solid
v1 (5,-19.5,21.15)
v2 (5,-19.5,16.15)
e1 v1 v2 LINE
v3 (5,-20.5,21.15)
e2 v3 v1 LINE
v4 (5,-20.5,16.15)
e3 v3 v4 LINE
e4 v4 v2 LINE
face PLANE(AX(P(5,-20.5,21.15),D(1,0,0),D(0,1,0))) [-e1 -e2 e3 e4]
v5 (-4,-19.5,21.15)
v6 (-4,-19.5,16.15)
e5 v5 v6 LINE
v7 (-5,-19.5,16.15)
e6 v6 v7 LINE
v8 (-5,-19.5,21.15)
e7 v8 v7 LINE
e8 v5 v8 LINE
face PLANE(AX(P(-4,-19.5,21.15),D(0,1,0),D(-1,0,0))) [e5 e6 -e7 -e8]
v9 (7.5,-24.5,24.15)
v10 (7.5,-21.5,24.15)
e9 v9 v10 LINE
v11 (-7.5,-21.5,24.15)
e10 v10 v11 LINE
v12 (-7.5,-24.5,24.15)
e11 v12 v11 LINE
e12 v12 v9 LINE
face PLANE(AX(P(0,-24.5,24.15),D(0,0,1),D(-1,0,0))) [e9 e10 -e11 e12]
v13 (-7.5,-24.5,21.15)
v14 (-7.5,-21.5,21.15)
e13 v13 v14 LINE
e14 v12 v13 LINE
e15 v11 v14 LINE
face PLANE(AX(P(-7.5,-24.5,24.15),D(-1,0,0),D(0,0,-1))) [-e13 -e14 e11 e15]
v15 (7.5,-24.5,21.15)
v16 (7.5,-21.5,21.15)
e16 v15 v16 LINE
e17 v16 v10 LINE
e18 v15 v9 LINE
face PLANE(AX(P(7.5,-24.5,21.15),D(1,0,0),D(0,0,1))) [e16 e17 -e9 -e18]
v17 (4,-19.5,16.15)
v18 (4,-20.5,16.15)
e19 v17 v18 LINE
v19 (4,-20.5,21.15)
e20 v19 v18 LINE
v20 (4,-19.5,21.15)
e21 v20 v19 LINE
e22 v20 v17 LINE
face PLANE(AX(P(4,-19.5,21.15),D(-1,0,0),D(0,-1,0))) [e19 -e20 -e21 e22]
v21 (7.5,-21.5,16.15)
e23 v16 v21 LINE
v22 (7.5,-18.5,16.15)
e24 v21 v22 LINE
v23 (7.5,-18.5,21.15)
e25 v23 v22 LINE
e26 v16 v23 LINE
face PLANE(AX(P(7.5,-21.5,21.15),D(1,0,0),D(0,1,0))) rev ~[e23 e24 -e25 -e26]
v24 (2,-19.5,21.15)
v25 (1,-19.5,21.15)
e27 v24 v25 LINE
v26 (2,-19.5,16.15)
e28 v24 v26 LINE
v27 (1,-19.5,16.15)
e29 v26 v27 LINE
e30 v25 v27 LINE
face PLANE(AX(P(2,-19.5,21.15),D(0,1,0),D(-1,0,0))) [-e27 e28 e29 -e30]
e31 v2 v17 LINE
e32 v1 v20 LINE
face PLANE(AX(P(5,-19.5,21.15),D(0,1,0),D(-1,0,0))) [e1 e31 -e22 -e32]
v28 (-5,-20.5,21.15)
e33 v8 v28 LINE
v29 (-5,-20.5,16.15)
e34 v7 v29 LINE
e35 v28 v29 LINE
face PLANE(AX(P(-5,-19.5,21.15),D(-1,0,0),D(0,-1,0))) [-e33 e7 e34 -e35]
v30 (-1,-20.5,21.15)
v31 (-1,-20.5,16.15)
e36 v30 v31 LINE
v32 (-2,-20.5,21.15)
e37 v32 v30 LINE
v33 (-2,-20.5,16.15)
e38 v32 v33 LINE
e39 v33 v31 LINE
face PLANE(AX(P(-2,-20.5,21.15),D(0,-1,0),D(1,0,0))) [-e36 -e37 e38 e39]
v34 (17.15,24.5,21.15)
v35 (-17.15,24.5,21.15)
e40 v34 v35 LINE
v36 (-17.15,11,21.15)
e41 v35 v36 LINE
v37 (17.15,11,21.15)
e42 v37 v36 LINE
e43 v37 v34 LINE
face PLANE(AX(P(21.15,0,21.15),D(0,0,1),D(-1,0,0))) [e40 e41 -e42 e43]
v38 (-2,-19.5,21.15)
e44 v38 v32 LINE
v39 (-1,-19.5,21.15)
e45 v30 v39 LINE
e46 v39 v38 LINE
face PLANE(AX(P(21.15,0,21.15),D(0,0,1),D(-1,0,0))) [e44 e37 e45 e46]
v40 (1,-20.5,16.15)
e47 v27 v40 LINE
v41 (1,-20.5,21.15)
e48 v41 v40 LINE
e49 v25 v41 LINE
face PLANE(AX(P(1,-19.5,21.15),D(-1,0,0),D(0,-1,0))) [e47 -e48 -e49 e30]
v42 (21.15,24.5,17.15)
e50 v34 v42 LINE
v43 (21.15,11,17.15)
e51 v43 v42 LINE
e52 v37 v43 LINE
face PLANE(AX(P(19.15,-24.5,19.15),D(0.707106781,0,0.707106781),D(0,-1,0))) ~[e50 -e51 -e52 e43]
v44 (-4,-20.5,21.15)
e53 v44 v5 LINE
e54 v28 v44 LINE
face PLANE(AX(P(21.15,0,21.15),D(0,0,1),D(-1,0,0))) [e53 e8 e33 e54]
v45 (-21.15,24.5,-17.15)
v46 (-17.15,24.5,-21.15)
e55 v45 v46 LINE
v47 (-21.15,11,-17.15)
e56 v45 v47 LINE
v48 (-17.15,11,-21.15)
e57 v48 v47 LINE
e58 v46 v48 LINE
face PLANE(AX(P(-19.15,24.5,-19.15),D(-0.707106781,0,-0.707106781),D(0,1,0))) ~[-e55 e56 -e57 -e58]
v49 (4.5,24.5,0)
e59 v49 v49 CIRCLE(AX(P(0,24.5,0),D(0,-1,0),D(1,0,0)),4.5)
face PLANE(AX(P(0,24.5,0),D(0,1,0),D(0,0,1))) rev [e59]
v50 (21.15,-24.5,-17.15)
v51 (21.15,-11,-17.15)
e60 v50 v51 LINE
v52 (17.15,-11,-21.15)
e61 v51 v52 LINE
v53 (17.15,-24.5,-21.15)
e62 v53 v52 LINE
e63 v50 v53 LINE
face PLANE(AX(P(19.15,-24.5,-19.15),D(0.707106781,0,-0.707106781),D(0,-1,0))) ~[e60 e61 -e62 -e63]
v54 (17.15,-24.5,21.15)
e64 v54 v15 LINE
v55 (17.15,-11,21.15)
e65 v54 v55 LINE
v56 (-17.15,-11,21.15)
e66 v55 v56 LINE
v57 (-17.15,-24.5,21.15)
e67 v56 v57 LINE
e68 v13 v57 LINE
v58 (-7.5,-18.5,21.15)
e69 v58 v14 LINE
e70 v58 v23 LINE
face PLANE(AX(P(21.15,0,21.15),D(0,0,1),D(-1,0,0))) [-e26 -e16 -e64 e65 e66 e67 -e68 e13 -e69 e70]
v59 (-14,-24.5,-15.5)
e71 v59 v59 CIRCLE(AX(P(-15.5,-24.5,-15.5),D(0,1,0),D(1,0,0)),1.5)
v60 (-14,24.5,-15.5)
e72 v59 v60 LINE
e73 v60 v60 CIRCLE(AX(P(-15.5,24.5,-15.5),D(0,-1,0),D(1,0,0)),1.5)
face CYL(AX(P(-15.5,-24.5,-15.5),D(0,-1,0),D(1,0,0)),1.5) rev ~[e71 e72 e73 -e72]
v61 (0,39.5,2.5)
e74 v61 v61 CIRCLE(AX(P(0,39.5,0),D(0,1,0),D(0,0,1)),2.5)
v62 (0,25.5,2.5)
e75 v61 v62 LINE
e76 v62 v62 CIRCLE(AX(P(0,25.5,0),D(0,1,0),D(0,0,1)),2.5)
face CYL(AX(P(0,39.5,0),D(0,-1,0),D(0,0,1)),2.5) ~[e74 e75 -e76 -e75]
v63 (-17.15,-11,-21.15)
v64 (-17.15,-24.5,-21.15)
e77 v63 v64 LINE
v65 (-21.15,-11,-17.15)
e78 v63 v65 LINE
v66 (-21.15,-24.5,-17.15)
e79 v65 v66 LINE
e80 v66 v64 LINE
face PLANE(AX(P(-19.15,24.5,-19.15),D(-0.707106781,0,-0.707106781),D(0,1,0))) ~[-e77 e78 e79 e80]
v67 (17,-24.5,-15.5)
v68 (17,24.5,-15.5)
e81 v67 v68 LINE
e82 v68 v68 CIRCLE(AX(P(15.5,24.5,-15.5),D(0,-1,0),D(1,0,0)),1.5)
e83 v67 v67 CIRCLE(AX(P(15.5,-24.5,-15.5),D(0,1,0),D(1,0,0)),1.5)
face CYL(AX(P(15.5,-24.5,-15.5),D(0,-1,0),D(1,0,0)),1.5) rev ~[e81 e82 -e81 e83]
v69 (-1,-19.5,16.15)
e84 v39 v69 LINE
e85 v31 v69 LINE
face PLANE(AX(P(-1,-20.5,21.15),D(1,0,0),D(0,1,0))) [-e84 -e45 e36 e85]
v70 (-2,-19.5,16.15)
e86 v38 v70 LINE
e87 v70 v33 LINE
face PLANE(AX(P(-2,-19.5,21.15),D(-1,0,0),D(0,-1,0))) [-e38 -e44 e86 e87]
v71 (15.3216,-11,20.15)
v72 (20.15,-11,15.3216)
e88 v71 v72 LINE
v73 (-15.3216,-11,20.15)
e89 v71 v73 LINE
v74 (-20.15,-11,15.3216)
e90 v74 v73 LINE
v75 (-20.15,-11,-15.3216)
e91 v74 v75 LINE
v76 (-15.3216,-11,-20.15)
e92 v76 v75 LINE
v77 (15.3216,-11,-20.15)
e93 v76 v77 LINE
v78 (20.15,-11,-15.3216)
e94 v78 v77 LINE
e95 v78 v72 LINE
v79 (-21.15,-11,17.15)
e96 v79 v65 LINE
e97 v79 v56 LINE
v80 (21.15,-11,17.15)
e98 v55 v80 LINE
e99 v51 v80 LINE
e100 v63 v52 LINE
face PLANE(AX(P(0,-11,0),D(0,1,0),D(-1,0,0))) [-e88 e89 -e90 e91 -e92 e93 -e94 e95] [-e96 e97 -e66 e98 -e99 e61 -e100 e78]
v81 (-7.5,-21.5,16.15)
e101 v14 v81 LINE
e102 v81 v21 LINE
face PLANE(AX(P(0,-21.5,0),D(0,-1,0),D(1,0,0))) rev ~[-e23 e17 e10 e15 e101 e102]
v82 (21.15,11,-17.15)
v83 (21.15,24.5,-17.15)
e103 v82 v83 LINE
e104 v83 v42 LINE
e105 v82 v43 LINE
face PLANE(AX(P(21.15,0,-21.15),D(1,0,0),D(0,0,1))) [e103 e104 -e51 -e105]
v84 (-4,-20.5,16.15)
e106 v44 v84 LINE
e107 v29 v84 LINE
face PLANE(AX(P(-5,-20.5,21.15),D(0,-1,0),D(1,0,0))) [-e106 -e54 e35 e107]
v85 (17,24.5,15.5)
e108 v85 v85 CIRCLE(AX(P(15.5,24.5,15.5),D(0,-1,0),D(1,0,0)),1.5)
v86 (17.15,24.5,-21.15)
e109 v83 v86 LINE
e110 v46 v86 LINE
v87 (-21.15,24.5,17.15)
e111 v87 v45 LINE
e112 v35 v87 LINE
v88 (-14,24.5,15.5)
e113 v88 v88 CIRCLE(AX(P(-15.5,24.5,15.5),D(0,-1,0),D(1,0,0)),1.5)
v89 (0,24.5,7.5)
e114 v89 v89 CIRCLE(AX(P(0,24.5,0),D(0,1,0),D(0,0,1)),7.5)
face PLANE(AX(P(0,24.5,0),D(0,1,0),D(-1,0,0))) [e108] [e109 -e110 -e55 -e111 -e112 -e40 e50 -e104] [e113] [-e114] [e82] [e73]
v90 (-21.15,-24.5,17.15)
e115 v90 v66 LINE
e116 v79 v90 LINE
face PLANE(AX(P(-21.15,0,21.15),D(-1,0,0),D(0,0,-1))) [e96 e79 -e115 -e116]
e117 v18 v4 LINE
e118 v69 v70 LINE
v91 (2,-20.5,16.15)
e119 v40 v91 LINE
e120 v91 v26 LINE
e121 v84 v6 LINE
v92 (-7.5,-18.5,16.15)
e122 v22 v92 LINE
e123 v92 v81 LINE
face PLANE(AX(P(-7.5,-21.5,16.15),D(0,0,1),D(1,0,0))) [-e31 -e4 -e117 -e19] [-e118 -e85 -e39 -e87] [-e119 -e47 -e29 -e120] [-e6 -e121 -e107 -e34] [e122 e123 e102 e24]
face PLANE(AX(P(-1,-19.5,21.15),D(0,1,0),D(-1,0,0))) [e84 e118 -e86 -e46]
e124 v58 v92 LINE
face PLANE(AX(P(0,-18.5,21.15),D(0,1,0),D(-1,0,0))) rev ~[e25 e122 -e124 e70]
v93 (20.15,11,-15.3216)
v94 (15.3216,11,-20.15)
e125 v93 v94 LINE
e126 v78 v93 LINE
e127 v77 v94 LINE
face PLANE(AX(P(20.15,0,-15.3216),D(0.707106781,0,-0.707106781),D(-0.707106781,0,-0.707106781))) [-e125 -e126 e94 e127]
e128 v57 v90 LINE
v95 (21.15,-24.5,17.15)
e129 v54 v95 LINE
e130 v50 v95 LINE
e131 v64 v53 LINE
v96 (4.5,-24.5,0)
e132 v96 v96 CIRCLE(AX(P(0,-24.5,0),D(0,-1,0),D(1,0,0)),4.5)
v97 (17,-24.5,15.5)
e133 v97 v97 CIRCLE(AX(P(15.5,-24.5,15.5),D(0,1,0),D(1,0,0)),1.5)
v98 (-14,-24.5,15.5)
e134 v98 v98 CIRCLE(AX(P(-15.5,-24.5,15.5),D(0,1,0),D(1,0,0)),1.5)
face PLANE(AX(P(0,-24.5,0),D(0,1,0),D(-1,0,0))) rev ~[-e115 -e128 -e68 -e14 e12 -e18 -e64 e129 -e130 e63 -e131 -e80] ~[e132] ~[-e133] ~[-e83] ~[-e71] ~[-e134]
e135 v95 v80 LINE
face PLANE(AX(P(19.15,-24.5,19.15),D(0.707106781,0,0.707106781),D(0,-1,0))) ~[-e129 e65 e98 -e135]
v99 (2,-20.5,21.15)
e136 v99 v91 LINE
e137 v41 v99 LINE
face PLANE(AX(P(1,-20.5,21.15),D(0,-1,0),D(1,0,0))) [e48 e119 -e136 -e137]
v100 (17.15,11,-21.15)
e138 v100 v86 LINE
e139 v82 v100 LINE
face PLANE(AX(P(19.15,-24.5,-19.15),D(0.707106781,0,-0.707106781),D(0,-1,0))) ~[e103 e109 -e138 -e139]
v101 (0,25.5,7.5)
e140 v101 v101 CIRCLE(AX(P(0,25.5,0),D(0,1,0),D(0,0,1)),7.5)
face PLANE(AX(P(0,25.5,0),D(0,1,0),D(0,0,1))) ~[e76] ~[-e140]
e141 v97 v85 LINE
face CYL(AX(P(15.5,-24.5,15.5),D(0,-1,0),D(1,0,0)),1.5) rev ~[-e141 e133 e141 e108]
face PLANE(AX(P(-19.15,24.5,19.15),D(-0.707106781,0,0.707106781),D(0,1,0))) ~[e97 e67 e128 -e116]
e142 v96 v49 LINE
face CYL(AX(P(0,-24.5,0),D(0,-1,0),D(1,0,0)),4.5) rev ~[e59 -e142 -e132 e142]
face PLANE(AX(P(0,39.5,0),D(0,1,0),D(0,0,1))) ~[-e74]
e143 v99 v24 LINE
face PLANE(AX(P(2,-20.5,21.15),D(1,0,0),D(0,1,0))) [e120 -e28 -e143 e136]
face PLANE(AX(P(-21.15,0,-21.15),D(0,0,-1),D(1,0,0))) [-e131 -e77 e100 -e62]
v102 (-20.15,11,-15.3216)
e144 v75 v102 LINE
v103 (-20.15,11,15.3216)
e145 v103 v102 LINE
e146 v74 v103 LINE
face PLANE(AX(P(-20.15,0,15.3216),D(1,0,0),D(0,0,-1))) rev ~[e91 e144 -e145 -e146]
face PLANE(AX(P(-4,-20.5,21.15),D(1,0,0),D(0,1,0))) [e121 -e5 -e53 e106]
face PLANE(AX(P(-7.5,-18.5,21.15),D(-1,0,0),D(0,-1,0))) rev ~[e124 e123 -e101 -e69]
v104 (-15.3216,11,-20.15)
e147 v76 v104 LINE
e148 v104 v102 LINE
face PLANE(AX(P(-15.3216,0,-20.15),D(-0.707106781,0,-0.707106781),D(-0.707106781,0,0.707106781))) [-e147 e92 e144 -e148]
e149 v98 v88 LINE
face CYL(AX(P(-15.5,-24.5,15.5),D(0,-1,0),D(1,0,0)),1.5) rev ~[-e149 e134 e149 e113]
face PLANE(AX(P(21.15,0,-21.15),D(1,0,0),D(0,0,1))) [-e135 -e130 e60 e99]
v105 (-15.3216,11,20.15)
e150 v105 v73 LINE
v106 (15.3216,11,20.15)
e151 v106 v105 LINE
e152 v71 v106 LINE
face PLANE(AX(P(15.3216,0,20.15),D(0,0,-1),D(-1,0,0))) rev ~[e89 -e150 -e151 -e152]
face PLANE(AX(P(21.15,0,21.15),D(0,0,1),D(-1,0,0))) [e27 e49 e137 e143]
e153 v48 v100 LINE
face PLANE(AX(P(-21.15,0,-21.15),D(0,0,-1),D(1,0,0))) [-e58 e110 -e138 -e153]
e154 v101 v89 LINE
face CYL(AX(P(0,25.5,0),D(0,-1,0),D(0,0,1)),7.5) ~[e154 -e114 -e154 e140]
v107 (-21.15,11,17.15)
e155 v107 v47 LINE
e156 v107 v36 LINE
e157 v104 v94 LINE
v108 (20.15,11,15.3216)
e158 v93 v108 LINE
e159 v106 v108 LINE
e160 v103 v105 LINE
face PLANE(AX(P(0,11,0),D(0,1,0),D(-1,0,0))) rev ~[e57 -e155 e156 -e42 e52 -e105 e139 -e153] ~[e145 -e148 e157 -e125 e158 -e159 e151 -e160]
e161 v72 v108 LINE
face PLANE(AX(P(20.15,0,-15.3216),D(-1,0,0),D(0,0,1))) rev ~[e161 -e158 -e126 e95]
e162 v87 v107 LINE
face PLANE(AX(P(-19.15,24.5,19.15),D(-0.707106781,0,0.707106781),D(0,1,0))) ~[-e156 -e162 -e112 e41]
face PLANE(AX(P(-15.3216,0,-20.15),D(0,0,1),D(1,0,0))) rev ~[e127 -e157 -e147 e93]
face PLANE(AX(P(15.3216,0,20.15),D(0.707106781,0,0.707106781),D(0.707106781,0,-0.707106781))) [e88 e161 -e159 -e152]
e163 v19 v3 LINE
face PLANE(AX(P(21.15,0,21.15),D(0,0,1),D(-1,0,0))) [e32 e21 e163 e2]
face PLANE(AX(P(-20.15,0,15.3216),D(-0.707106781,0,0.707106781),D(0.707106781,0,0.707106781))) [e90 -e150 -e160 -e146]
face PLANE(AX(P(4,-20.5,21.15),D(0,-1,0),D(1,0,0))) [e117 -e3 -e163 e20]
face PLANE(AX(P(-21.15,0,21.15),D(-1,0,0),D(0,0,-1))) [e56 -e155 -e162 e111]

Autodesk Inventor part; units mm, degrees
ref_plane "YZ Plane" through (0, 0, 0) normal (1, 0, 0) x (0, 1, 0)
ref_plane "XZ Plane" through (0, 0, 0) normal (0, 1, 0) x (-1, 0, 0)
ref_plane "XY Plane" through (0, 0, 0) normal (0, 0, 1) x (1, 0, 0)
sketch "Skizze1" plane through (0, 0, 0) normal (0, 1, 0) x (-1, 0, 0)
  line L0 (-21.15, 21.15) -> (21.15, 21.15)
  line L1 (21.15, 21.15) -> (21.15, -21.15)
  line L2 (21.15, -21.15) -> (-21.15, -21.15)
  line L3 (-21.15, -21.15) -> (-21.15, 21.15)
  line L4 (-21.15, 21.15) -> (21.15, -21.15) construction
  line L5 (21.15, 21.15) -> (-21.15, -21.15) construction
  point P0 (0, 0)
  dimension "d0" = 42.3
  dimension "d1" = 42.3
extrude "Extrusion1" add sketch "Skizze1" along normal mid plane 49
sketch "Skizze2" plane through (0, -24.5, 0) normal (0, -1, 0) x (1, 0, 0)
  line L0 (-21.15, 21.15) -> (21.15, 21.15) projected
  line L1 (-7.5, 21.15) -> (7.5, 21.15)
  line L2 (7.5, 21.15) -> (7.5, 24.15)
  line L3 (7.5, 24.15) -> (-7.5, 24.15)
  line L4 (-7.5, 24.15) -> (-7.5, 21.15)
  line L5 (0, -30.21) -> (0, 33.21) projected
  point P0 (0, 0)
  dimension "d4" = 15
  dimension "d5" = 3
extrude "Extrusion2" add sketch "Skizze2" against normal blind 3
sketch "Skizze3" plane through (0, -24.5, 0) normal (0, -1, 0) x (1, 0, 0)
  line L0 (-15.5, -15.5) -> (15.5, -15.5)
  line L1 (15.5, -15.5) -> (15.5, 15.5)
  line L2 (15.5, 15.5) -> (-15.5, 15.5)
  line L3 (-15.5, 15.5) -> (-15.5, -15.5)
  line L4 (-15.5, -15.5) -> (15.5, 15.5) construction
  line L5 (15.5, -15.5) -> (-15.5, 15.5) construction
  circle A0 centre (-15.5, 15.5) radius 1.5
  circle A1 centre (15.5, 15.5) radius 1.5
  circle A2 centre (15.5, -15.5) radius 1.5
  circle A3 centre (-15.5, -15.5) radius 1.5
  circle A4 centre (0, 0) radius 4.5
  dimension "d8" = 31
  dimension "d9" = 31
  dimension "d10" = 3
  dimension "d11" = 9
extrude "Extrusion3" cut sketch "Skizze3" along normal through all both and the other way through all contours L3 A3 L0 | L0 A3 L3 | A2 L1 L0 | L0 L1 A2 | A0 L2 L3 | L3 L2 A0 | A1 L2 L1 | L1 L2 A1 | A4
chamfer "Fase1" distance 4 angle 45 4 edges at (21.15, 0, 21.15) (-21.15, 0, 21.15) (21.15, 0, -21.15) (-21.15, 0, -21.15)
sketch "Skizze4" plane through (0, 0, 0) normal (0, 1, 0) x (-1, 0, 0)
  line L0 (20.15, 15.3216) -> (15.3216, 20.15)
  line L1 (-15.3216, 20.15) -> (-20.15, 15.3216)
  line L2 (-20.15, -15.3216) -> (-15.3216, -20.15)
  line L3 (15.3216, -20.15) -> (20.15, -15.3216)
  line L4 (25.5, -25.5) -> (-25.5, -25.5)
  line L5 (-25.5, -25.5) -> (-25.5, 25.5)
  line L6 (-25.5, 25.5) -> (25.5, 25.5)
  line L7 (25.5, 25.5) -> (25.5, -25.5)
  line L8 (25.5, -25.5) -> (-25.5, 25.5) construction
  line L9 (-25.5, -25.5) -> (25.5, 25.5) construction
  line L10 (-21.15, 17.15) -> (-17.15, 21.15) projected
  line L11 (-17.15, -21.15) -> (-21.15, -17.15) projected
  line L12 (21.15, -17.15) -> (17.15, -21.15) projected
  line L13 (17.15, 21.15) -> (21.15, 17.15) projected
  line L14 (20.15, 15.3216) -> (20.15, -15.3216)
  line L15 (15.3216, -20.15) -> (-15.3216, -20.15)
  line L16 (-20.15, -15.3216) -> (-20.15, 15.3216)
  line L17 (-15.3216, 20.15) -> (15.3216, 20.15)
  line L18 (17.15, 21.15) -> (-17.15, 21.15) projected
  line L19 (-21.15, 17.15) -> (-21.15, -17.15) projected
  line L20 (-17.15, -21.15) -> (17.15, -21.15) projected
  line L21 (21.15, -17.15) -> (21.15, 17.15) projected
  point P0 (0, 0)
  dimension "d21" = 2
  dimension "d22" = 1
  dimension "d24" = 1
  dimension "d25" = 1
extrude "Extrusion4" cut sketch "Skizze4" along normal mid plane 22 contours L4 L5 L6 L7 | L10 L18 L13 L21 L12 L20 L11 L19
sketch "Skizze6" plane through (-7.5, -21.5, 21.15) normal (0, 0, 1) x (1, 0, 0)
  line L0 (0, 0) -> (15, 0)
  line L1 (15, 0) -> (15, 3)
  line L2 (15, 3) -> (0, 3)
  line L3 (0, 3) -> (0, 0)
  line L4 (15, -3) -> (15, 0) projected
  line L5 (0, -3) -> (0, 0) projected
  line L6 (0, 0) -> (15, 0) projected
  line L7 (2.5, 1) -> (3.5, 1)
  line L8 (3.5, 1) -> (3.5, 2)
  line L9 (3.5, 2) -> (2.5, 2)
  line L10 (2.5, 2) -> (2.5, 1)
  line L11 (2.5, 1) -> (3.5, 2) construction
  line L12 (3.5, 1) -> (2.5, 2) construction
  line L13 (5.5, 1) -> (6.5, 1)
  line L14 (6.5, 1) -> (6.5, 2)
  line L15 (6.5, 2) -> (5.5, 2)
  line L16 (5.5, 2) -> (5.5, 1)
  line L17 (5.5, 1) -> (6.5, 2) construction
  line L18 (6.5, 1) -> (5.5, 2) construction
  line L19 (8.5, 1) -> (9.5, 1)
  line L20 (9.5, 1) -> (9.5, 2)
  line L21 (9.5, 2) -> (8.5, 2)
  line L22 (8.5, 2) -> (8.5, 1)
  line L23 (8.5, 1) -> (9.5, 2) construction
  line L24 (9.5, 1) -> (8.5, 2) construction
  line L25 (11.5, 1) -> (12.5, 1)
  line L26 (12.5, 1) -> (12.5, 2)
  line L27 (12.5, 2) -> (11.5, 2)
  line L28 (11.5, 2) -> (11.5, 1)
  line L29 (11.5, 1) -> (12.5, 2) construction
  line L30 (12.5, 1) -> (11.5, 2) construction
  line L31 (7.5, -12.8) -> (7.5, 55.8) projected
  point P0 (7.5, 21.5)
  point P1 (3, 1.5)
  point P2 (6, 1.5)
  point P3 (9, 1.5)
  point P4 (12, 1.5)
  point P5 (12, 1.5)
  point P6 (15, 1.5)
  dimension "d29" = 3
  dimension "d30" = 3
  dimension "d31" = 3
  dimension "d32" = 1
  dimension "d33" = 1
extrude "Extrusion6" cut sketch "Skizze6" against normal blind 5
sketch "Skizze7" plane through (0, 0, 0) normal (1, 0, 0) x (0, 1, 0)
  line L0 (39.5, 0) -> (39.5, 2.5)
  line L1 (39.5, 2.5) -> (25.5, 2.5)
  line L2 (25.5, 2.5) -> (25.5, 7.5)
  line L3 (25.5, 7.5) -> (24.5, 7.5)
  line L4 (24.5, -17.15) -> (24.5, 17.15) projected
  line L5 (24.5, 0) -> (39.5, 0)
  line L6 (24.5, 0) -> (24.5, 7.5)
  line L7 (38.5419, 0) -> (33.7383, 0)
  point P0 (0, 0)
  dimension "d37" = 5
  dimension "d38" = 1
  dimension "d39" = 15
  dimension "d40" = 15
revolve "Umdrehung1" add sketch "Skizze7" angle 360 about axis through (0, 24.5, 0) along (0, 1, 0)
equation "\"d24\" = d22"
equation "\"d25\" = d22"
equation "\"d31\" = d30"
equation "\"d33\" = d32"
properties part number "Nema17drylin"
